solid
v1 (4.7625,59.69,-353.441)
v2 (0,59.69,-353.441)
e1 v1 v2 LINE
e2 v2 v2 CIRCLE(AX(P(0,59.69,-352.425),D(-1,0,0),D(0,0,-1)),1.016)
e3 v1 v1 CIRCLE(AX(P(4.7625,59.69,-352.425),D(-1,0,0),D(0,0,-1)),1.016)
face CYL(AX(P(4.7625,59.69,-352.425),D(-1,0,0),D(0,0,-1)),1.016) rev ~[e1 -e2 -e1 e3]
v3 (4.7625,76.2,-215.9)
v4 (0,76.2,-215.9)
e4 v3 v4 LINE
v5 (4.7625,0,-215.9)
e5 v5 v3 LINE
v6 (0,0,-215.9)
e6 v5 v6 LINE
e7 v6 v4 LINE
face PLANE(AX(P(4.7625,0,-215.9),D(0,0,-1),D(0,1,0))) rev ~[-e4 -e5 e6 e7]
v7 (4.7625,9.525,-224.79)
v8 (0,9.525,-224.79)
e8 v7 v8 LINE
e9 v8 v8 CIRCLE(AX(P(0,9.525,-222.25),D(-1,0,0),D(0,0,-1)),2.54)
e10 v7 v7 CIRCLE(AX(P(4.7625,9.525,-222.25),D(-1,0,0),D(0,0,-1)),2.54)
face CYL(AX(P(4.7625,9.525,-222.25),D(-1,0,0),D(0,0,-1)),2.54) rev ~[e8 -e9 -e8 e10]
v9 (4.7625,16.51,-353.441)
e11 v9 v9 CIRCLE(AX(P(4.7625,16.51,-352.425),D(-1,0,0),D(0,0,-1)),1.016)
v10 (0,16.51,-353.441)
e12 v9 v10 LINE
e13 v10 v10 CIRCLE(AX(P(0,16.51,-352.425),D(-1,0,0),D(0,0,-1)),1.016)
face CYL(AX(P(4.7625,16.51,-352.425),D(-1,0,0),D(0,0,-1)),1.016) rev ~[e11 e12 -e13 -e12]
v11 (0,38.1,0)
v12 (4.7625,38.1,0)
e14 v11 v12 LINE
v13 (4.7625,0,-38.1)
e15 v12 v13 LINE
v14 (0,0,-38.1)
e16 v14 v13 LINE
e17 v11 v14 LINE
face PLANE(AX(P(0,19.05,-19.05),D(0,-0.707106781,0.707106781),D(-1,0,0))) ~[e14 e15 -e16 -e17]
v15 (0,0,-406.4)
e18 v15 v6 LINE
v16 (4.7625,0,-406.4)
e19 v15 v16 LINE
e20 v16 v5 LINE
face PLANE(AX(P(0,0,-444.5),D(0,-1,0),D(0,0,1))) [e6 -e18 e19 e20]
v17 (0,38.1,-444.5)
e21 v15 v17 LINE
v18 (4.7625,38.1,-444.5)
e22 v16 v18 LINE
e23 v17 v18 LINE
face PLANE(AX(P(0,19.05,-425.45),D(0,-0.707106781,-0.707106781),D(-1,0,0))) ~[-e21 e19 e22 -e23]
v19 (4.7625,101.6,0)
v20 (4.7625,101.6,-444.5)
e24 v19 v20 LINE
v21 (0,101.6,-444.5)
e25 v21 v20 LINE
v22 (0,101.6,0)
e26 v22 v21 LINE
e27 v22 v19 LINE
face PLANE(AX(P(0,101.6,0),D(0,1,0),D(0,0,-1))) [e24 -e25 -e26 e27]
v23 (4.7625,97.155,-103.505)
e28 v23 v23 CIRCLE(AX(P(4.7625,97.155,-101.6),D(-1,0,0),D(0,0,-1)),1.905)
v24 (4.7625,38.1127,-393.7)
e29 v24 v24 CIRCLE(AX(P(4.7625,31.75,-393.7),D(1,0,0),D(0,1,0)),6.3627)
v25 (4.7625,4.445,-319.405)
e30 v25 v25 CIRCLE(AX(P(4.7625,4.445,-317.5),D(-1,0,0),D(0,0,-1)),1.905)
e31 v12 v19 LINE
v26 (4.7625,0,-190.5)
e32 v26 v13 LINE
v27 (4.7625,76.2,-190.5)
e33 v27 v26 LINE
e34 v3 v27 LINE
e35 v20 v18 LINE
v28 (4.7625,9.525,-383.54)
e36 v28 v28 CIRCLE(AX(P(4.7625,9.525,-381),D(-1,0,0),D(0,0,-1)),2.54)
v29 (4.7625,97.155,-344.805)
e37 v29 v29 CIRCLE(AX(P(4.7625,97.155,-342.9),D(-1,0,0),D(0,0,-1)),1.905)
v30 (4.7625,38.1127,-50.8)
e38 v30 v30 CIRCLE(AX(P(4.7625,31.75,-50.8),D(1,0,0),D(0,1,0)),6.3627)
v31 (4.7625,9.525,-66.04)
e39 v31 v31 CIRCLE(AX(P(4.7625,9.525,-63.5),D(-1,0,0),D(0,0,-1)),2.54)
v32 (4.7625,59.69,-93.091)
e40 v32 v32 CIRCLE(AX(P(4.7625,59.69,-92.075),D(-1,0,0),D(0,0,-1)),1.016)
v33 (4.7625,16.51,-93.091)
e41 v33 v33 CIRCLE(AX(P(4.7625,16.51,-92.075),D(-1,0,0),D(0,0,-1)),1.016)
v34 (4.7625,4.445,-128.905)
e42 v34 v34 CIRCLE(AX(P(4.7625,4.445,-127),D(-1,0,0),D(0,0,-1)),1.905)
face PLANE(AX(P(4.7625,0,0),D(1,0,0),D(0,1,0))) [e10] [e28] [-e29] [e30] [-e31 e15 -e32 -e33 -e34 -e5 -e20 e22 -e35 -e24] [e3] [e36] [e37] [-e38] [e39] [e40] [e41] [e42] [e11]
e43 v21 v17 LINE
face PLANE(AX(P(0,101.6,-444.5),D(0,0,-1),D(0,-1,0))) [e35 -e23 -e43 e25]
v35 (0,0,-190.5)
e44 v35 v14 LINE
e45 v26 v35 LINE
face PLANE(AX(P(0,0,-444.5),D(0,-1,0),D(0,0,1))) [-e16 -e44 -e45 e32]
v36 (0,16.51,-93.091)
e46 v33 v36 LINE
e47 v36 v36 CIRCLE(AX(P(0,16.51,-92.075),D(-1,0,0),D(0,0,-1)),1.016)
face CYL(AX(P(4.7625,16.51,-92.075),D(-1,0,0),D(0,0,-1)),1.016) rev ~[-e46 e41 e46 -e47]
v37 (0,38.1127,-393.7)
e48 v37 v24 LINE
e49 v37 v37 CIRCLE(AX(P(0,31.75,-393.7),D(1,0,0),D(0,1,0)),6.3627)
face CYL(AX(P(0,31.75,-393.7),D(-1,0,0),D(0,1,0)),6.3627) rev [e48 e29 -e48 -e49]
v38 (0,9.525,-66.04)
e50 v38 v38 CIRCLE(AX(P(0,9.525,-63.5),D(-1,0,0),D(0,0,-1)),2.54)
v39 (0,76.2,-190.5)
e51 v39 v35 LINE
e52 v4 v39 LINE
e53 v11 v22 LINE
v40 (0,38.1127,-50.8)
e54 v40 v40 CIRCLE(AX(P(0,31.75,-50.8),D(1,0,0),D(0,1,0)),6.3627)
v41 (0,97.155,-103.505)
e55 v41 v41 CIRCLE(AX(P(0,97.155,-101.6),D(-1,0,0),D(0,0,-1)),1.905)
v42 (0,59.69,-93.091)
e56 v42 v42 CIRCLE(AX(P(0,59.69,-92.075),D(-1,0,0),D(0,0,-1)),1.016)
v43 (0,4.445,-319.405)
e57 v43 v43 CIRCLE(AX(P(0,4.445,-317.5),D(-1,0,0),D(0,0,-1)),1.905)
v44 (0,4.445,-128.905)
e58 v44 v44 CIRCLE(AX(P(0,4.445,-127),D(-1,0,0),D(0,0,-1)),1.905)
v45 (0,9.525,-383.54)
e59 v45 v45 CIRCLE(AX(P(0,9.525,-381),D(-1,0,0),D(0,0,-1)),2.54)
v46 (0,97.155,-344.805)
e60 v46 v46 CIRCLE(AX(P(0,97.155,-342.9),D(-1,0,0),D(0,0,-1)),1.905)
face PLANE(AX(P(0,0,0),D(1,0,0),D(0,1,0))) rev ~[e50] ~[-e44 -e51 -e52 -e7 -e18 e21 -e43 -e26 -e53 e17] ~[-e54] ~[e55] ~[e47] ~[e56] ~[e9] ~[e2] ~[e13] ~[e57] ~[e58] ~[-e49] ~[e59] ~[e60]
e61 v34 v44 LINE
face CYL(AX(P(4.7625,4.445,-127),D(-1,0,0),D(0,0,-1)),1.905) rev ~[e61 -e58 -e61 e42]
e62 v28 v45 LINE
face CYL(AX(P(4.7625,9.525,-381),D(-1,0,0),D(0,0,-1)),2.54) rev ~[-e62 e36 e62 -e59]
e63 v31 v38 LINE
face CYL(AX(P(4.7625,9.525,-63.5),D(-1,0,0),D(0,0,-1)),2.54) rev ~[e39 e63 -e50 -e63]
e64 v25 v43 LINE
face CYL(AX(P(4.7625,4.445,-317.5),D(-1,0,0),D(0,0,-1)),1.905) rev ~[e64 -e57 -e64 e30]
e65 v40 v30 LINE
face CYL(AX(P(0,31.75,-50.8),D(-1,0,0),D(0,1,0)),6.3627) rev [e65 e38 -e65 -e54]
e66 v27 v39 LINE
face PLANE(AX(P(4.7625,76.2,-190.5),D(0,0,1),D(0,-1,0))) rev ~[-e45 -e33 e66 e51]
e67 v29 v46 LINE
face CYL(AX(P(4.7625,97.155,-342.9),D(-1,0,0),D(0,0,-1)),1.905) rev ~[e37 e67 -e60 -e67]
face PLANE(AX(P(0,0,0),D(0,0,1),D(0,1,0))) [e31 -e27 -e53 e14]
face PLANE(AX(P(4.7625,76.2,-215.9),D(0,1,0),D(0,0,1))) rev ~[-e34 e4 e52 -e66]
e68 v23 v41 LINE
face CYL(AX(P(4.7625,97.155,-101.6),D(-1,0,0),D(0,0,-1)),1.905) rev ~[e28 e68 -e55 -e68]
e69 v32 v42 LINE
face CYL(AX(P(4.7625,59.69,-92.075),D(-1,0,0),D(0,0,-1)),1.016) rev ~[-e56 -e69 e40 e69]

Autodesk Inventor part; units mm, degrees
ref_plane "YZ Plane" through (0, 0, 0) normal (1, 0, 0) x (0, 1, 0)
ref_plane "XZ Plane" through (0, 0, 0) normal (0, 1, 0) x (-1, 0, 0)
ref_plane "XY Plane" through (0, 0, 0) normal (0, 0, 1) x (1, 0, 0)
sketch "Sketch1" plane through (0, 0, 0) normal (1, 0, 0) x (0, 1, 0)
  line L0 (0, 0) -> (101.6, 0)
  line L1 (101.6, 0) -> (101.6, -444.5)
  line L2 (101.6, -444.5) -> (0, -444.5)
  line L3 (0, -444.5) -> (0, 0)
  circle A0 centre (31.75, -50.8) radius 6.3627
  circle A1 centre (31.75, -393.7) radius 6.3627
  circle A2 centre (86.2838, -165.5318) radius 1.5875
  circle A3 centre (70.2818, -165.5318) radius 1.5875
  circle A4 centre (15.3162, -278.9682) radius 1.5875
  circle A5 centre (31.3182, -278.9682) radius 1.5875
  dimension "d0" = 101.6
  dimension "d1" = 444.5
  dimension "d2" = 12.7254
  dimension "d3" = 31.75
  dimension "d4" = 50.8
  dimension "d5" = 50.8
  dimension "d22" = 165.5318
  dimension "d23" = 3.175
  dimension "d24" = 15.3162
  dimension "d25" = 3.175
  dimension "d26" = 16.002
  dimension "d27" = 165.5318
  dimension "d28" = 3.175
  dimension "d29" = 15.3162
  dimension "d30" = 165.5318
  dimension "d31" = 3.175
  dimension "d32" = 16.002
  dimension "d33" = 165.5318
extrude "Extrusion1" add sketch "Sketch1" along normal blind 4.7625 contours L0 L1 L2 L3 | A2 | A3 | A4 | A5
chamfer "Chamfer1" distance 38.1 angle 45 1 edges at (2.3813, 0, 0)
chamfer "Chamfer2" distance 38.1 angle 45 1 edges at (2.3813, 0, -444.5)
sketch "Sketch6" plane through (4.7625, 0, 0) normal (1, 0, 0) x (0, 0, -1)
  line L0 (444.5, 38.1) -> (406.4, 0) projected
  line L1 (444.5, 38.1) -> (444.5, 101.6) projected
  line L2 (444.5, 101.6) -> (0, 101.6) projected
  line L3 (0, 101.6) -> (0, 38.1) projected
  line L4 (38.1, 0) -> (0, 38.1) projected
  line L5 (38.1, 0) -> (406.4, 0) projected
  circle A0 centre (393.7, 31.75) radius 6.3627 projected
  circle A1 centre (50.8, 31.75) radius 6.3627 projected
  point P0 (0, 0)
  point P1 (92.075, 59.69)
  point P2 (92.075, 16.51)
  point P3 (352.425, 59.69)
  point P4 (352.425, 16.51)
  dimension "d80" = 43.18
  dimension "d83" = 16.51
  dimension "d86" = 43.18
  dimension "d115" = 92.075
  dimension "d116" = 92.075
  dimension "d117" = 16.51
  dimension "d118" = 92.075
  dimension "d119" = 92.075
hole "Hole1" at (4.7625, 59.69, -92.075) at (4.7625, 16.51, -92.075) at (4.7625, 59.69, -352.425) at (4.7625, 16.51, -352.425) direction (-1, 0, 0) diameter 2.032 end through all
sketch "Sketch7" plane through (4.7625, 0, 0) normal (1, 0, 0) x (0, 0, -1)
  circle A0 centre (352.425, 59.69) radius 1.016 projected
  circle A1 centre (92.075, 59.69) radius 1.016 projected
  circle A2 centre (92.075, 16.51) radius 1.016 projected
  circle A3 centre (352.425, 16.51) radius 1.016 projected
  line L0 (444.5, 38.1) -> (406.4, 0) projected
  line L1 (444.5, 38.1) -> (444.5, 101.6) projected
  line L2 (444.5, 101.6) -> (0, 101.6) projected
  line L3 (0, 101.6) -> (0, 38.1) projected
  line L4 (38.1, 0) -> (0, 38.1) projected
  line L5 (38.1, 0) -> (406.4, 0) projected
  circle A4 centre (393.7, 31.75) radius 6.3627 projected
  circle A5 centre (50.8, 31.75) radius 6.3627 projected
  point P0 (0, 0)
  point P1 (101.6, 97.155)
  point P2 (342.9, 97.155)
  point P3 (127, 4.445)
  point P4 (317.5, 4.445)
  dimension "d95" = 4.445
  dimension "d96" = 4.445
  dimension "d97" = 4.445
  dimension "d98" = 4.445
  dimension "d99" = 101.6
  dimension "d100" = 101.6
  dimension "d101" = 127
  dimension "d102" = 127
hole "Hole2" at (4.7625, 97.155, -101.6) at (4.7625, 97.155, -342.9) at (4.7625, 4.445, -127) at (4.7625, 4.445, -317.5) direction (-1, 0, 0) diameter 3.81 depth 25.4 tip angle 118
sketch "Sketch8" plane through (4.7625, 0, 0) normal (1, 0, 0) x (0, 0, -1)
  line L0 (406.4, 0) -> (38.1, 0) projected
  line L1 (190.5, 0) -> (215.9, 0)
  line L2 (215.9, 0) -> (215.9, 76.2)
  line L3 (215.9, 76.2) -> (190.5, 76.2)
  line L4 (190.5, 76.2) -> (190.5, 0)
  line L5 (0, 101.6) -> (0, 38.1) projected
  point P0 (0, 0)
  dimension "d112" = 25.4
  dimension "d113" = 190.5
  dimension "d114" = 76.2
extrude "Extrusion6" cut sketch "Sketch8" against normal through all
sketch "Sketch9" plane through (4.7625, 0, 0) normal (1, 0, 0) x (0, 0, -1)
  line L0 (38.1, 0) -> (190.5, 0) projected
  line L1 (0, 101.6) -> (0, 38.1) projected
  line L2 (444.5, 38.1) -> (444.5, 101.6) projected
  point P0 (0, 0)
  point P1 (63.5, 9.525)
  point P2 (222.25, 9.525)
  point P3 (381, 9.525)
  dimension "d120" = 9.525
  dimension "d121" = 63.5
  dimension "d122" = 63.5
  dimension "d123" = 317.5
  dimension "d124" = 158.75
hole "Hole3" at (4.7625, 9.525, -63.5) at (4.7625, 9.525, -222.25) at (4.7625, 9.525, -381) direction (-1, 0, 0) diameter 5.08 depth 19.05 tip angle 118
equation "\"d86\" = d80"
equation "\"d116\" = d115"
equation "\"d117\" = d83"
equation "\"d118\" = d115"
equation "\"d119\" = d118"
equation "\"d96\" = d95"
equation "\"d97\" = d95"
equation "\"d98\" = d95"
equation "\"d100\" = d99"
equation "\"d124\" = 0.5 * d123"
properties part number "DriveTrain3.0" material "Aluminum 6061"
